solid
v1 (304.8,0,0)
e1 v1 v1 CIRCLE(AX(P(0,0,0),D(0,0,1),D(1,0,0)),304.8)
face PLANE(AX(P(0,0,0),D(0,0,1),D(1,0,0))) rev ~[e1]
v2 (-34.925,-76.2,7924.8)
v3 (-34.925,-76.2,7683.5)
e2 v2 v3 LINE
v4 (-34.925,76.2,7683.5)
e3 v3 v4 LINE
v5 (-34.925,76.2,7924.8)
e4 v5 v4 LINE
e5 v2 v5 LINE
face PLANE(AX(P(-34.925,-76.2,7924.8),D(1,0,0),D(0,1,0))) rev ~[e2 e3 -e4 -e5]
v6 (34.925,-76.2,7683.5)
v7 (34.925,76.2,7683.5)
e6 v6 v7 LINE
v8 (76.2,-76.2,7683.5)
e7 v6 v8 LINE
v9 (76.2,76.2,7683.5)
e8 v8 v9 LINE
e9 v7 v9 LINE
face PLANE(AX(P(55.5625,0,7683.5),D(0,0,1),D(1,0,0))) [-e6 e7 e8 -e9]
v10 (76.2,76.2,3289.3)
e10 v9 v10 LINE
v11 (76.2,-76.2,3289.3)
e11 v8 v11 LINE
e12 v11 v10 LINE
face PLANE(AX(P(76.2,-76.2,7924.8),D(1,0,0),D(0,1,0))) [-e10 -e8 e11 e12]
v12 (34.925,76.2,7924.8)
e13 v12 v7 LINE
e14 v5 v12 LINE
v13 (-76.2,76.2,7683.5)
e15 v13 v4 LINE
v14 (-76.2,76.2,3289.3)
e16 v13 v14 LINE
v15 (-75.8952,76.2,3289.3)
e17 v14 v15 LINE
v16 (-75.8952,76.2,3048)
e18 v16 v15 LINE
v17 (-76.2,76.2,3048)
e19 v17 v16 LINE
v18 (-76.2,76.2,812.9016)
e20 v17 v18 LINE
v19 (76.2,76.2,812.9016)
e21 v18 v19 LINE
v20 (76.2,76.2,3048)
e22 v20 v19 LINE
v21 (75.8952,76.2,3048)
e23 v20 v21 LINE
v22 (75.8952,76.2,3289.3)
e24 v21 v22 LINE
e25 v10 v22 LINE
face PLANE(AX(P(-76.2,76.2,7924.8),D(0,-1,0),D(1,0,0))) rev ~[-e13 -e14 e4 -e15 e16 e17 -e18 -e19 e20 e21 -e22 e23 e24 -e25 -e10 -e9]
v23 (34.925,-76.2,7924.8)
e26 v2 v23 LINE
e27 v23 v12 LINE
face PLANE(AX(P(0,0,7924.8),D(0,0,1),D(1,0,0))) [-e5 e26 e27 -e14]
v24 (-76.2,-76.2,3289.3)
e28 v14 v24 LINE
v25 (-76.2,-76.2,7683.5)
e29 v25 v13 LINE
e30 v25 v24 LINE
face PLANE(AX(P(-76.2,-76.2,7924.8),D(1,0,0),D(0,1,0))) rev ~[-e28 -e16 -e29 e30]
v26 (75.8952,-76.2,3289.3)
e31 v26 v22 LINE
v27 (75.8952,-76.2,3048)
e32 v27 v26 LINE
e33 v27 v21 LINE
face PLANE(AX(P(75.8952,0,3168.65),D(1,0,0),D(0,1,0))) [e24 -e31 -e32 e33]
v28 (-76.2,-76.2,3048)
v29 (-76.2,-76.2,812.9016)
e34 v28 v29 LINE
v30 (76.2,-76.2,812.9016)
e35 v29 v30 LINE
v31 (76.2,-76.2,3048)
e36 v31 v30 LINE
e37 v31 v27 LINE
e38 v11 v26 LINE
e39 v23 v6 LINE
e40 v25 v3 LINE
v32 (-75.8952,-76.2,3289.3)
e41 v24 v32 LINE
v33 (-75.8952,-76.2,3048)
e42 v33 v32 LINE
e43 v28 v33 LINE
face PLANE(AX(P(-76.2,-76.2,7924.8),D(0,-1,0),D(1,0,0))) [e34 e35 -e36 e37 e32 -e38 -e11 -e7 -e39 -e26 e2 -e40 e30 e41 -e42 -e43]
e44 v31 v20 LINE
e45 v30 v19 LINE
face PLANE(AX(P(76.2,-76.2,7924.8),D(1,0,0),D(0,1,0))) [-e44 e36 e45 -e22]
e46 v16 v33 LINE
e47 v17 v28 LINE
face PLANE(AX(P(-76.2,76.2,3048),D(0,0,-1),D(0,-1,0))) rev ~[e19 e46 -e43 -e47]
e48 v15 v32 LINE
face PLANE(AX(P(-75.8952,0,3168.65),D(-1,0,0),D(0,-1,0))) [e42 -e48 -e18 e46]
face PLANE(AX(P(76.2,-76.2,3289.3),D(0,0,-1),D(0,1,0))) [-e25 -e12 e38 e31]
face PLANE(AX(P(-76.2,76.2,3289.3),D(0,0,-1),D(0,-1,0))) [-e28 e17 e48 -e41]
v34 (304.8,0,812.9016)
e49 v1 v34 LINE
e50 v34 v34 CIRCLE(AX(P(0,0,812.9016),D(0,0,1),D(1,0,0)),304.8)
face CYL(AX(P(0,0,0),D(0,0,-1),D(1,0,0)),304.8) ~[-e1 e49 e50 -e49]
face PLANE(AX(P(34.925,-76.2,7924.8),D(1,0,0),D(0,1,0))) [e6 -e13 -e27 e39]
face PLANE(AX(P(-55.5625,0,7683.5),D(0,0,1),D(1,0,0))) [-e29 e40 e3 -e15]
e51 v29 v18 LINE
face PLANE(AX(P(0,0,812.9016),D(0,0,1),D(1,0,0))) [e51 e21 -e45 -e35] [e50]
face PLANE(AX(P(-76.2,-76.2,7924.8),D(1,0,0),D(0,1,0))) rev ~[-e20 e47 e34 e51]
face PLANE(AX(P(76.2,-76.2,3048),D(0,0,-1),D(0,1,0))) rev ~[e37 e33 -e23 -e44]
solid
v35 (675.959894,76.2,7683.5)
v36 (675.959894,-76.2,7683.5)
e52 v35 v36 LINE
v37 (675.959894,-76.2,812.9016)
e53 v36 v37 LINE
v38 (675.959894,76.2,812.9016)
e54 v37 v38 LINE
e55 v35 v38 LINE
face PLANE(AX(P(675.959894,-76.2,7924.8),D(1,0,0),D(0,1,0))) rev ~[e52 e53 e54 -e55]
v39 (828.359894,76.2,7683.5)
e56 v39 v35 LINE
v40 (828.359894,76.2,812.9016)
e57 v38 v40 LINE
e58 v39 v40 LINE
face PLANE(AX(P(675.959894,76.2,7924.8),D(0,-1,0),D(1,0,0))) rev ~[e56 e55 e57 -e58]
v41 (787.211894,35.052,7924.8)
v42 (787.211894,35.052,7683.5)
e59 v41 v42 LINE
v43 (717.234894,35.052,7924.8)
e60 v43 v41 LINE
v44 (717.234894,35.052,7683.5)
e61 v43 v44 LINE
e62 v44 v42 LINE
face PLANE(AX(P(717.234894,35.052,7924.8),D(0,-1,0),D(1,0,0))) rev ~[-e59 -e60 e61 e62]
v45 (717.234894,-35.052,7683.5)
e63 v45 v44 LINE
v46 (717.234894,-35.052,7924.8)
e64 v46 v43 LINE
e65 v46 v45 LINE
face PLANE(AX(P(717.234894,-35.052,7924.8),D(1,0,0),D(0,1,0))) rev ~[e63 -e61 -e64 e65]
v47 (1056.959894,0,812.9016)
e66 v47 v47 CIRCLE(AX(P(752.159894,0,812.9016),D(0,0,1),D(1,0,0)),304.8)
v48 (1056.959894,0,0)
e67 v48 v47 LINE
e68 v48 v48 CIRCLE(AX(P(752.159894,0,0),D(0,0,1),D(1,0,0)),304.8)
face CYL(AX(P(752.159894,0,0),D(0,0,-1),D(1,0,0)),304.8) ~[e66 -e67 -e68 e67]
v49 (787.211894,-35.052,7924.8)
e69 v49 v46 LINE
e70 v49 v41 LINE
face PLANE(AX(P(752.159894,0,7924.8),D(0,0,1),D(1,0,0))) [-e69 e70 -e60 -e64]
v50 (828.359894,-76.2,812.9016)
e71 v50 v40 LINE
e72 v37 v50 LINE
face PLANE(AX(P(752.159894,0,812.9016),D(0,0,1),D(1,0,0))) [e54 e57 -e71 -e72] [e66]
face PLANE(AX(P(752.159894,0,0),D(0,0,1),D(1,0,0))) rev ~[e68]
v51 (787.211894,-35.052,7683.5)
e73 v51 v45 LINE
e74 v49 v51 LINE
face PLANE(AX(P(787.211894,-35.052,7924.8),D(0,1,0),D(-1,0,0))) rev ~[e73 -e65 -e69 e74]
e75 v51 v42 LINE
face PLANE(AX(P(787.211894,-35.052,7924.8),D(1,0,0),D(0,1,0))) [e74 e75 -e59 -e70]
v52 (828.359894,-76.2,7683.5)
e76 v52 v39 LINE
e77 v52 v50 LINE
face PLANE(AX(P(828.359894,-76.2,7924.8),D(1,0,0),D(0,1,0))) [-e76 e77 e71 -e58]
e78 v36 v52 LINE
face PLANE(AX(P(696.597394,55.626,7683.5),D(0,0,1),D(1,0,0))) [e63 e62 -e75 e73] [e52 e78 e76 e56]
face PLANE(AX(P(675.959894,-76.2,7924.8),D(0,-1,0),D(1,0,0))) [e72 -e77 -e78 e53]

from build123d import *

# Parameters (mm, degrees)
F0_R      = 304.8
F1_DEPTH  = 7924.8
F2_R      = 304.8
F2_W      = 152.4
F2_H      = 152.4
F3_DEPTH  = 7111.8984
F4_W      = 41.275
F4_H      = 152.4
F5_DEPTH  = 241.3
F6_R      = 304.8
F6_W      = 152.4
F6_H      = 152.4
F7_DEPTH  = 7111.8984
F8_W      = 41.275
F8_H      = 41.148
F8_W_2    = 69.977
F8_H_2    = 70.104
F8_W_3    = 41.148
F9_DEPTH  = 241.3
F11_W     = 152.4
F11_H     = 241.3
F12_DEPTH = 0.3048
F10_W     = 152.4
F10_H     = 241.3
F13_DEPTH = 0.3048


with BuildPart() as f1:
    # F0 (on Top) → F1 (new body)
    with BuildSketch(Plane.XY):
        Circle(F0_R)
    extrude(amount=F1_DEPTH)

    # F2 (on face) → F3 (cut)
    with BuildSketch(Plane.XY.offset(7924.8)):
        Circle(F2_R)
        Rectangle(F2_W, F2_H, mode=Mode.SUBTRACT)
    extrude(amount=-F3_DEPTH, mode=Mode.SUBTRACT)

    # F4 (on face) → F5 (cut)
    with BuildSketch(Plane.XY.offset(7924.8)):
        with Locations((-55.5625, 0)):
            Rectangle(F4_W, F4_H)
        with Locations((55.5625, 0)):
            Rectangle(F4_W, F4_H)
    extrude(amount=-F5_DEPTH, mode=Mode.SUBTRACT)

    # F11 (on face) → F12 (cut)
    with BuildSketch(Plane(origin=(-76.2, 0, 0), x_dir=(0, -1, 0), z_dir=(-1, 0, 0))):
        with Locations((0, 3168.65)):
            Rectangle(F11_W, F11_H)
    extrude(amount=-F12_DEPTH, mode=Mode.SUBTRACT)

    # F10 (on face) → F13 (cut)
    with BuildSketch(Plane.YZ.offset(76.2)):
        with Locations((0, 3168.65)):
            Rectangle(F10_W, F10_H)
    extrude(amount=-F13_DEPTH, mode=Mode.SUBTRACT)


with BuildPart() as f1b:
    # F0 (on Top) → F1, piece 2 (new body)
    with BuildSketch(Plane.XY):
        with Locations((752.1598935127, 0)):
            Circle(F0_R)
    extrude(amount=F1_DEPTH)

    # F6 (on face) → F7 (cut)
    with BuildSketch(Plane.XY.offset(7924.8)):
        with Locations((752.1598935127, 0)):
            Circle(F6_R)
        with Locations((752.1598935127, 0)):
            Rectangle(F6_W, F6_H, mode=Mode.SUBTRACT)
    extrude(amount=-F7_DEPTH, mode=Mode.SUBTRACT)

    # F8 (on face) → F9 (cut)
    with BuildSketch(Plane.XY.offset(7924.8)):
        with Locations((696.5973935127, 55.626)):
            Rectangle(F8_W, F8_H)
        with Locations((696.5973935127, -55.626)):
            Rectangle(F8_W, F8_H)
        with Locations((752.2233935127, -55.626)):
            Rectangle(F8_W_2, F8_H)
        with Locations((696.5973935127, 0)):
            Rectangle(F8_W, F8_H_2)
        with Locations((752.2233935127, 55.626)):
            Rectangle(F8_W_2, F8_H)
        with Locations((807.7858935127, 55.626)):
            Rectangle(F8_W_3, F8_H)
        with Locations((807.7858935127, 0)):
            Rectangle(F8_W_3, F8_H_2)
        with Locations((807.7858935127, -55.626)):
            Rectangle(F8_W_3, F8_H)
    extrude(amount=-F9_DEPTH, mode=Mode.SUBTRACT)


solid = Compound([f1.part, f1b.part])
